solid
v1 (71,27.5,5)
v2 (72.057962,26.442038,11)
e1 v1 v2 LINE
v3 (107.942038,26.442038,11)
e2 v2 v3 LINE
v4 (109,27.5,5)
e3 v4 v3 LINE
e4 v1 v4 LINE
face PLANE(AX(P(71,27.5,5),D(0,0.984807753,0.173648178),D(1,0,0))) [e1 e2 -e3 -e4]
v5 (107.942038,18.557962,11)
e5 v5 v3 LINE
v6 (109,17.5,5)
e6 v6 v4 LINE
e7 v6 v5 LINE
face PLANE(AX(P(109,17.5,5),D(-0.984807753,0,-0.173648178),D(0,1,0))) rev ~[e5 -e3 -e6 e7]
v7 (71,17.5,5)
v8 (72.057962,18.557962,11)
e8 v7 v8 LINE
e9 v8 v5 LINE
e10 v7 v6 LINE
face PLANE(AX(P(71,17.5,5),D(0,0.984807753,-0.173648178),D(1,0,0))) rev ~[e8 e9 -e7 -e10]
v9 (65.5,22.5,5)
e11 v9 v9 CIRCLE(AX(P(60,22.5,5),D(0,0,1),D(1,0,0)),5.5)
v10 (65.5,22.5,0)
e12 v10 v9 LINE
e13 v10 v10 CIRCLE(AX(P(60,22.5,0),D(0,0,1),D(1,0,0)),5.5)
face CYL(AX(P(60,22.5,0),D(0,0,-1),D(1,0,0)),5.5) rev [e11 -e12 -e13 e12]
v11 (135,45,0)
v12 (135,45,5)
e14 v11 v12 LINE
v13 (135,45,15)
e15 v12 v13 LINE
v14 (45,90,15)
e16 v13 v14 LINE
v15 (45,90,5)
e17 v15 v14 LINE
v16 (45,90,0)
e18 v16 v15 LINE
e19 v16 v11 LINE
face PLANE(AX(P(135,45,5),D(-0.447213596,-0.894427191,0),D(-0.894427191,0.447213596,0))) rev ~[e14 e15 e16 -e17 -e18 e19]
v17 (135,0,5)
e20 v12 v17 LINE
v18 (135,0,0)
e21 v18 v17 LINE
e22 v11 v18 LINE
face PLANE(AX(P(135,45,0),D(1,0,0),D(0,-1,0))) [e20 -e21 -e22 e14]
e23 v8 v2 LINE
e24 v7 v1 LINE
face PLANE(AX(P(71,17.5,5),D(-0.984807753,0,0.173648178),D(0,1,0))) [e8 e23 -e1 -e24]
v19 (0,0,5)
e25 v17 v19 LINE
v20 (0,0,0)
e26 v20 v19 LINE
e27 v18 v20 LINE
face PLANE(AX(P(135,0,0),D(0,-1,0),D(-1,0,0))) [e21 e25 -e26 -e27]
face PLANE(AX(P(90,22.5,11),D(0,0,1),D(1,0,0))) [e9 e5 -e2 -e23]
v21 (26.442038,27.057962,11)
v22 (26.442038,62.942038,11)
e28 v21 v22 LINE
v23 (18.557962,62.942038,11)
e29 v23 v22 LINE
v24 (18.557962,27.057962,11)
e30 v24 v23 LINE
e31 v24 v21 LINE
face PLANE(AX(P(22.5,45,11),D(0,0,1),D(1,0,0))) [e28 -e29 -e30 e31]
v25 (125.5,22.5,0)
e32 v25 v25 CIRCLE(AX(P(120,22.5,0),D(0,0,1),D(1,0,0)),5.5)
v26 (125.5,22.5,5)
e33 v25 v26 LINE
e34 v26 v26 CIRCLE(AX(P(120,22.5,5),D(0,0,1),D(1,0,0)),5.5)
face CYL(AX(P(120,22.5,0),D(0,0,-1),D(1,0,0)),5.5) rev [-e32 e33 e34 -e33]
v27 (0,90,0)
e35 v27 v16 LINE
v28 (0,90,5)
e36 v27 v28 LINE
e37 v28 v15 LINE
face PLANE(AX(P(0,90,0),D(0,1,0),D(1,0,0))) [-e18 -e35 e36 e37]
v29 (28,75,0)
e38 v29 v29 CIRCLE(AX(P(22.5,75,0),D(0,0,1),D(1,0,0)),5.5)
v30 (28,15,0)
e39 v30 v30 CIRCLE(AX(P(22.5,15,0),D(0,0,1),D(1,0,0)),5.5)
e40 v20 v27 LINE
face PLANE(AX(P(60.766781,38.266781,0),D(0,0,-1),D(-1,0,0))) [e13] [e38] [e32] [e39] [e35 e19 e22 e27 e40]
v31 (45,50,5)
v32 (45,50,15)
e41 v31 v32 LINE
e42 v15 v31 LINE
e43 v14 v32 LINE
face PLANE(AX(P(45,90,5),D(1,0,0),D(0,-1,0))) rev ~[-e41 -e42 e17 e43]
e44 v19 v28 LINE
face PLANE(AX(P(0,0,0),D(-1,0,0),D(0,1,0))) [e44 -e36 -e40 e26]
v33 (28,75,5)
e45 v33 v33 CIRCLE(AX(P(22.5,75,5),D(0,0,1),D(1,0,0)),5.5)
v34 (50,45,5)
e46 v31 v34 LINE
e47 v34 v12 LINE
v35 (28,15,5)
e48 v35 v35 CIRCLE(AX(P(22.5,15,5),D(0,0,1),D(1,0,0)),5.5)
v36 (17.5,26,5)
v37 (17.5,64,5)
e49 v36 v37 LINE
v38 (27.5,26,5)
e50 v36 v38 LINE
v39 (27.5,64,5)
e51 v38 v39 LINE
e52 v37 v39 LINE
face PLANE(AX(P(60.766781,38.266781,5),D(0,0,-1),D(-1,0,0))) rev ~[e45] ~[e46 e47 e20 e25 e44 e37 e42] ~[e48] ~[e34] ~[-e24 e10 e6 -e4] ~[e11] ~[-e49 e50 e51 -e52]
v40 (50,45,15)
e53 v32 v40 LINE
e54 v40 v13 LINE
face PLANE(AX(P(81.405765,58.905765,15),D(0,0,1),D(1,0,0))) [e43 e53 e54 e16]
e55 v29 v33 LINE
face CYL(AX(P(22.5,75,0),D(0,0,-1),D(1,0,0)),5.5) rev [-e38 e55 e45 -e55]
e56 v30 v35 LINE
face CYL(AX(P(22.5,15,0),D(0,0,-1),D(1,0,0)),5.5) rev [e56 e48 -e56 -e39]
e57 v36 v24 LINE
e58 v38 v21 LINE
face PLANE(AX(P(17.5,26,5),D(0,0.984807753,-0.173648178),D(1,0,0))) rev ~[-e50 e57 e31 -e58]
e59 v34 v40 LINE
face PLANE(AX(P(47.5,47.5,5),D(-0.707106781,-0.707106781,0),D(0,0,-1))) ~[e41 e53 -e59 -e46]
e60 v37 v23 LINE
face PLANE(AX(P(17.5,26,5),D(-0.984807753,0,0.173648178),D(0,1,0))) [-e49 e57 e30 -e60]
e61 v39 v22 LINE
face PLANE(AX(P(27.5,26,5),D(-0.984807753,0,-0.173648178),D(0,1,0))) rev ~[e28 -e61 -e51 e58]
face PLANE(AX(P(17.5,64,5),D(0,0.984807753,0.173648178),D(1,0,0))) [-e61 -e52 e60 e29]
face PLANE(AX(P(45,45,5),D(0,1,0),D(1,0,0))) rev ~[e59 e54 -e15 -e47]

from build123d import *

# Parameters (mm, degrees)
ESQUISSE1_R        = 5.5
BOSS_EXTRU_1_DEPTH = 5
ESQUISSE2_W        = 10
ESQUISSE2_H        = 38
ESQUISSE2_W_2      = 38
ESQUISSE2_H_2      = 10
BOSS_EXTRU_2_DEPTH = 6
D_POUILLE3_ANGLE   = 10
BOSS_EXTRU_3_DEPTH = 10
CHANFREIN1_SIZE    = 5


with BuildPart() as part:
    # Esquisse1 → Boss.-Extru.1 (new body)
    with BuildSketch(Plane.XY):
        Polygon((0, 0), (0, 90), (45, 90), (135, 45), (135, 0), align=None)
        with Locations((22.5, 75)):
            Circle(ESQUISSE1_R, mode=Mode.SUBTRACT)
        with Locations((22.5, 15)):
            Circle(ESQUISSE1_R, mode=Mode.SUBTRACT)
        with Locations((120, 22.5)):
            Circle(ESQUISSE1_R, mode=Mode.SUBTRACT)
        with Locations((60, 22.5)):
            Circle(ESQUISSE1_R, mode=Mode.SUBTRACT)
    extrude(amount=BOSS_EXTRU_1_DEPTH)

    # Esquisse2 → Boss.-Extru.2 (add)
    with BuildSketch(Plane.XY.offset(5)):
        with Locations((22.5, 45)):
            Rectangle(ESQUISSE2_W, ESQUISSE2_H)
        with Locations((90, 22.5)):
            Rectangle(ESQUISSE2_W_2, ESQUISSE2_H_2)
    extrude(amount=BOSS_EXTRU_2_DEPTH)

    # Dépouille3
    d_pouille3_faces = [part.faces().sort_by_distance(p)[0] for p in [
        (90, 27.5, 8),
        (109, 22.5, 8),
        (71, 22.5, 8),
        (90, 17.5, 8),
        (22.5, 26, 8),
        (27.5, 45, 8),
        (22.5, 64, 8),
        (17.5, 45, 8),
    ]]
    draft(d_pouille3_faces, Plane.XY.offset(5), D_POUILLE3_ANGLE)

    # Esquisse3 → Boss.-Extru.3 (add)
    with BuildSketch(Plane.XY.offset(5)):
        Polygon((45, 90), (45, 45), (135, 45), align=None)
    extrude(amount=BOSS_EXTRU_3_DEPTH)

    # Chanfrein1
    chanfrein1_edges = [part.edges().sort_by_distance(p)[0] for p in [
        (45, 45, 10),
    ]]
    chamfer(chanfrein1_edges, length=CHANFREIN1_SIZE)


solid = part.part
